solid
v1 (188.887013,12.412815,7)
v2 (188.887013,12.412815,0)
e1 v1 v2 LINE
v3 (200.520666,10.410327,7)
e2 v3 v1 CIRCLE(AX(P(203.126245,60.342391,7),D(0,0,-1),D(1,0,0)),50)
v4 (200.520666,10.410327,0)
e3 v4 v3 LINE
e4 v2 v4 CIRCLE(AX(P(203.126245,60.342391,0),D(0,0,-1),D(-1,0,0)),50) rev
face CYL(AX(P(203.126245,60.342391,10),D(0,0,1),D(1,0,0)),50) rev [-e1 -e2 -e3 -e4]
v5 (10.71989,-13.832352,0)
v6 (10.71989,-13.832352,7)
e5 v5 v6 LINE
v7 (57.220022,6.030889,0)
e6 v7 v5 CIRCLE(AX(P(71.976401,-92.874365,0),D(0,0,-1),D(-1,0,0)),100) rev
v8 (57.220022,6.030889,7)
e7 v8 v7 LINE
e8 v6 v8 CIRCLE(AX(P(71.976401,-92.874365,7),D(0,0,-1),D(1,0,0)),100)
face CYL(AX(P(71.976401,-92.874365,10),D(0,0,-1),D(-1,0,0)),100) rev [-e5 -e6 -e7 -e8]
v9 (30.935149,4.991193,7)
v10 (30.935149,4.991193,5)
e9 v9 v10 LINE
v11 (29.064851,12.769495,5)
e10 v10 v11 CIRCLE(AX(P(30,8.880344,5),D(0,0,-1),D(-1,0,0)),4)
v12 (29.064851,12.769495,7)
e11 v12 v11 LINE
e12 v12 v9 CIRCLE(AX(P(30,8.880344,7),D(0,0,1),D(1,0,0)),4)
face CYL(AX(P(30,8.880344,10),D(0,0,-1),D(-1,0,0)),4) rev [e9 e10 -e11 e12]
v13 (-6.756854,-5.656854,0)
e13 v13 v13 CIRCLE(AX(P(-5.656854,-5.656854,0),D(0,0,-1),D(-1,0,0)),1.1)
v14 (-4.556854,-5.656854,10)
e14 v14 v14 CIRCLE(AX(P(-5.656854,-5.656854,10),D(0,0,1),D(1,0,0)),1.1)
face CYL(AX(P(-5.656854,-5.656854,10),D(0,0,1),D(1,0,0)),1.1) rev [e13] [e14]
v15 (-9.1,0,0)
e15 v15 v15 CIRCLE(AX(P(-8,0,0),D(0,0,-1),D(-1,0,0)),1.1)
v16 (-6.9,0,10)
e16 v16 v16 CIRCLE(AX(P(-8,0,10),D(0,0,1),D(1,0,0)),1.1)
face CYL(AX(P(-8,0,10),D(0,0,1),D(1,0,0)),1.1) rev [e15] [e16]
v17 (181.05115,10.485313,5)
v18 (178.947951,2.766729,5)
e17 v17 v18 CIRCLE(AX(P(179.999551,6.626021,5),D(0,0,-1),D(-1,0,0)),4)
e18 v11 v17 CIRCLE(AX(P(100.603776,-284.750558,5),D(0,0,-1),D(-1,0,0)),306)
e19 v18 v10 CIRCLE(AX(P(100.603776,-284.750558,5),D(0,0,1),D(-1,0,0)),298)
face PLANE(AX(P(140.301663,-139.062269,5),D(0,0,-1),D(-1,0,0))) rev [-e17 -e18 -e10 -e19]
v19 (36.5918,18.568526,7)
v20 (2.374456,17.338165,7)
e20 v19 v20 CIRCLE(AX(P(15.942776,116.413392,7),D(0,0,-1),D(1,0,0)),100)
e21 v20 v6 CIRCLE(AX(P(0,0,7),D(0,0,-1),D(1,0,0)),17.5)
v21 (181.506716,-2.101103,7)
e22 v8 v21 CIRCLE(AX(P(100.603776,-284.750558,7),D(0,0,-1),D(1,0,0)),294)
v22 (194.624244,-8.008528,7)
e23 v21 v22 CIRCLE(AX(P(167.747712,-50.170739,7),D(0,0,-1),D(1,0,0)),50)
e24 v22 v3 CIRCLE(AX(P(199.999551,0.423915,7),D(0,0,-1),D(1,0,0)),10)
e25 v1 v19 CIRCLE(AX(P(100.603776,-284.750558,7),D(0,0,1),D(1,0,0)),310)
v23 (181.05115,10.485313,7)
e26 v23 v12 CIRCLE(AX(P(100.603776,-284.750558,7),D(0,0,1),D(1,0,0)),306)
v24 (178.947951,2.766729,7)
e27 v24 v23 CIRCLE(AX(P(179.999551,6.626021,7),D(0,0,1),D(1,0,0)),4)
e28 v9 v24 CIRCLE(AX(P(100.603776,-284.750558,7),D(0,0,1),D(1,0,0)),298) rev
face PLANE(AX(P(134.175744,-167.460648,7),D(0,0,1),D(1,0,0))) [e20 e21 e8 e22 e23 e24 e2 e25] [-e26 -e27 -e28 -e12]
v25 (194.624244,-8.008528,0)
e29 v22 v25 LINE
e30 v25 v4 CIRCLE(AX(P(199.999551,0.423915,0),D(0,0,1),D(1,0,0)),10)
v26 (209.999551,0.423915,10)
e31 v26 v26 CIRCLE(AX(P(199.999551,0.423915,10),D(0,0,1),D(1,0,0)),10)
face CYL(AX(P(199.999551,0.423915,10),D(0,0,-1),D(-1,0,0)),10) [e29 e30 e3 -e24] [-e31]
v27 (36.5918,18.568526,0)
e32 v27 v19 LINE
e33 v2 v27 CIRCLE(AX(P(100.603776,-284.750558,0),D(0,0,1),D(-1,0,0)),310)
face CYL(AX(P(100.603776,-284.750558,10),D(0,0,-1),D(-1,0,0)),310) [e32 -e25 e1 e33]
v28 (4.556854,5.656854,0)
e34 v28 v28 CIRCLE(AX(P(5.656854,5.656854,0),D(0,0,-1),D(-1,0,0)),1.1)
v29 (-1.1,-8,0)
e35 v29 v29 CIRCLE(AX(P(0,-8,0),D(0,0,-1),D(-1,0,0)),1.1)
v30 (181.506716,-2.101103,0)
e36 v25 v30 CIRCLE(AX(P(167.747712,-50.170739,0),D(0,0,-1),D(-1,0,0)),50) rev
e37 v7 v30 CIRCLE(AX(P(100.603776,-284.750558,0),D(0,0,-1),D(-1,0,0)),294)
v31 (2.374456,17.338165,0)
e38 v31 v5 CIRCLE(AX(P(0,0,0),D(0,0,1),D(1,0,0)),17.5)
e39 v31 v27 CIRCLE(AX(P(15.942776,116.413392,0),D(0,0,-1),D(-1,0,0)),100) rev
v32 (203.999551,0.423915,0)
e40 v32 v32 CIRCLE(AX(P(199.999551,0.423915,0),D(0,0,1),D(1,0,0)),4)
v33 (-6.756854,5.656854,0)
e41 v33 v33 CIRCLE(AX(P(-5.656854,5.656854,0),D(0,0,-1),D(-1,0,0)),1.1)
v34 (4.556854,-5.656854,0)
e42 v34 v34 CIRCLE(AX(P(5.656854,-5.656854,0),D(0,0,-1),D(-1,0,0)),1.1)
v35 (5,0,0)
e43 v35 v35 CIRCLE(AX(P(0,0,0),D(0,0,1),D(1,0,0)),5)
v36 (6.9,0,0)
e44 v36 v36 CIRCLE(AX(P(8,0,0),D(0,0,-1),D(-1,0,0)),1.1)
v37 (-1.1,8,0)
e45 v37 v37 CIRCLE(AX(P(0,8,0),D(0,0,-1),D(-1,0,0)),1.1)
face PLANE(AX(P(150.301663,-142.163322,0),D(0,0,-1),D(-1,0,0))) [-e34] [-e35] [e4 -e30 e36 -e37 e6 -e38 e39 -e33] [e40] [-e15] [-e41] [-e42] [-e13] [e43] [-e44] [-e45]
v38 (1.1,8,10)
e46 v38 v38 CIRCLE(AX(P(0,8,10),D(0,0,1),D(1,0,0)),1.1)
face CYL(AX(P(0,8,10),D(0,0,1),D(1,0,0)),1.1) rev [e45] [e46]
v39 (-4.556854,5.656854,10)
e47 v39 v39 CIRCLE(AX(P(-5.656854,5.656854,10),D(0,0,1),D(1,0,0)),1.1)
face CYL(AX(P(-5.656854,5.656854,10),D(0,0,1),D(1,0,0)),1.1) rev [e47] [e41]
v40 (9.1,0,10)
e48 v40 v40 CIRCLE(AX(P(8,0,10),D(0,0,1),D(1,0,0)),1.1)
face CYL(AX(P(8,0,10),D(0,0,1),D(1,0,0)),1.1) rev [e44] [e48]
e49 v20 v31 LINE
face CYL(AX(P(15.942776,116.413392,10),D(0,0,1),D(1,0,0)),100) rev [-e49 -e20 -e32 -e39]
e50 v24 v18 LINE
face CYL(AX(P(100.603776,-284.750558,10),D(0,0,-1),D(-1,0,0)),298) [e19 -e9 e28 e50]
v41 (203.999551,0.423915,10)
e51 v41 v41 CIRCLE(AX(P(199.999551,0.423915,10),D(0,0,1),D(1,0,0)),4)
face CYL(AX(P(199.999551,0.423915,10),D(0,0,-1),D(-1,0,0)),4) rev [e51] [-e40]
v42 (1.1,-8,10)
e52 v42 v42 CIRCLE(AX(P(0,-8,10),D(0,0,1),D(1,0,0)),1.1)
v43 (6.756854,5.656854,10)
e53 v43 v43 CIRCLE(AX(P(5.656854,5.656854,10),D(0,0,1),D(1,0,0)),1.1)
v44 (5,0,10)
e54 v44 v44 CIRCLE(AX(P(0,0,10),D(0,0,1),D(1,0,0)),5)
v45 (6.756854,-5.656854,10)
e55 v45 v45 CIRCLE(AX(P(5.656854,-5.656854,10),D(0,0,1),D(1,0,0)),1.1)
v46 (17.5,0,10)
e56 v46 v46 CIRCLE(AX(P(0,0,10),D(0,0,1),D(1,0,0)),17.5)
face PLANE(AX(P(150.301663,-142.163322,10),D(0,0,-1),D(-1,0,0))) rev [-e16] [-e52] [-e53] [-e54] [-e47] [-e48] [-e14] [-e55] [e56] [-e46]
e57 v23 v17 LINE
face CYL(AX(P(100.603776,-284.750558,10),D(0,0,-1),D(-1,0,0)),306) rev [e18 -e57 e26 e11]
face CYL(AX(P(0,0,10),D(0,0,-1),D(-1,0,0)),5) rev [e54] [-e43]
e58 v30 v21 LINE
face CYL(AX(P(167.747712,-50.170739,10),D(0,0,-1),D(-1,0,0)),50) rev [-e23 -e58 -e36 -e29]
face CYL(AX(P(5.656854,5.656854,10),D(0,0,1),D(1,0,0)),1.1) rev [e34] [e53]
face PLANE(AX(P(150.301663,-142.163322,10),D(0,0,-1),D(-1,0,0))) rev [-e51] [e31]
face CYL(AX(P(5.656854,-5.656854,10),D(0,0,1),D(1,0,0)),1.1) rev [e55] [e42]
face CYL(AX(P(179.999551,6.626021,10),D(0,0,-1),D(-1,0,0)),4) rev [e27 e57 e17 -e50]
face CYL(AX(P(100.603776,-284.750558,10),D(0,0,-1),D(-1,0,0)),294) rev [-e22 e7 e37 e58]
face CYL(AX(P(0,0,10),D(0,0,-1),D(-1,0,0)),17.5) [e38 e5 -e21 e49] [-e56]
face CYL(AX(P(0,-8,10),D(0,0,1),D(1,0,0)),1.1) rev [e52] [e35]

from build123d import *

# Parameters (mm, degrees)
SKETCH1_R                = 5
SKETCH1_R_2              = 4
BOSS_EXTRUDE1_DEPTH      = 10
FILLET1_R                = 100
FILLET3_R                = 50
BOSS_EXTRUDE2_DEPTH      = 5
CUT_EXTRUDE1_DEPTH       = 3
M2_CLEARANCE_HOLE2_D     = 2.2
M2_CLEARANCE_HOLE2_DEPTH = 10


with BuildPart() as part:
    # Sketch1 → Boss-Extrude1 (new body)
    with BuildSketch(Plane.XY):
        with BuildLine():
            ThreePointArc((12.332289397, 12.416305338), (-16.645203494, -5.40251799), (17.2733755, -2.807222621))
            ThreePointArc((17.2733755, -2.807222621), (104.699737116, 9.220908362), (191.757044964, -5.238337488))
            ThreePointArc((191.757044964, -5.238337488), (209.474645485, -2.773362317), (196.872940476, 9.922562291))
            ThreePointArc((196.872940476, 9.922562291), (104.792499107, 25.221141559), (12.332289397, 12.416305338))
        make_face()
        Circle(SKETCH1_R, mode=Mode.SUBTRACT)
        with Locations((199.999550741, 0.423914585)):
            Circle(SKETCH1_R_2, mode=Mode.SUBTRACT)
        with BuildLine():
            ThreePointArc((30.935149345, 4.991193321), (105.08187222, 13.215793431), (178.947951069, 2.766728612))
            ThreePointArc((178.947951069, 2.766728612), (183.85884318, 5.57442138), (181.051150412, 10.485313491))
            ThreePointArc((181.051150412, 10.485313491), (105.20208958, 21.214890117), (29.064850655, 12.769495373))
            ThreePointArc((29.064850655, 12.769495373), (26.110848974, 7.945195001), (30.935149345, 4.991193321))
        make_face(mode=Mode.SUBTRACT)
    extrude(amount=BOSS_EXTRUDE1_DEPTH)

    # Fillet1
    fillet1_edges = [part.edges().sort_by_distance(p)[0] for p in [
        (17.2733755, -2.807222621, 5),
        (12.332289397, 12.416305338, 5),
    ]]
    fillet(fillet1_edges, radius=FILLET1_R)

    # Fillet3
    fillet3_edges = [part.edges().sort_by_distance(p)[0] for p in [
        (196.872940476, 9.922562291, 5),
        (191.757044964, -5.238337488, 5),
    ]]
    fillet(fillet3_edges, radius=FILLET3_R)

    # Sketch2 → Boss-Extrude2 (add)
    with BuildSketch(Plane(origin=(0, 0, 0), x_dir=(-1, 0, 0), z_dir=(0, 0, -1))):
        with BuildLine():
            ThreePointArc((-30.935149345, 4.991193321), (-26.110848974, 7.945195001), (-29.064850655, 12.769495373))
            ThreePointArc((-29.064850655, 12.769495373), (-105.20208958, 21.214890117), (-181.051150412, 10.485313491))
            ThreePointArc((-181.051150412, 10.485313491), (-183.85884318, 5.57442138), (-178.947951069, 2.766728612))
            ThreePointArc((-178.947951069, 2.766728612), (-105.08187222, 13.215793431), (-30.935149345, 4.991193321))
        make_face()
    extrude(amount=-BOSS_EXTRUDE2_DEPTH)

    # Sketch3 → Cut-Extrude1 (cut)
    with BuildSketch(Plane.XY.offset(10)):
        with BuildLine():
            ThreePointArc((10.719889508, -13.832352256), (16.904607487, 4.525952466), (2.374455951, 17.338164809))
            ThreePointArc((2.374455951, 17.338164809), (19.536178227, 16.477975853), (36.591800033, 18.568526337))
            ThreePointArc((36.591800033, 18.568526337), (113.1236291, 24.996521405), (188.887012749, 12.412814518))
            ThreePointArc((188.887012749, 12.412814518), (194.644535138, 11.067035799), (200.520666376, 10.410327279))
            ThreePointArc((200.520666376, 10.410327279), (190.475667826, 3.472792121), (194.624244359, -8.008527607))
            ThreePointArc((194.624244359, -8.008527607), (188.279056755, -4.580565267), (181.506715916, -2.10110341))
            ThreePointArc((181.506715916, -2.10110341), (119.798948798, 8.622149082), (57.220022333, 6.030888954))
            ThreePointArc((57.220022333, 6.030888954), (32.693746361, -0.913106752), (10.719889508, -13.832352256))
        make_face()
    extrude(amount=-CUT_EXTRUDE1_DEPTH, mode=Mode.SUBTRACT)

    # M2 Clearance Hole2
    with Locations(Plane.XY.offset(10)):
        with Locations((0, 8), (5.656854249, 5.656854249), (8, 0), (5.656854249, -5.656854249), (0, -8), (-5.656854249, -5.656854249), (-8, 0), (-5.656854249, 5.656854249)):
            Hole(M2_CLEARANCE_HOLE2_D / 2, depth=M2_CLEARANCE_HOLE2_DEPTH)


solid = part.part
